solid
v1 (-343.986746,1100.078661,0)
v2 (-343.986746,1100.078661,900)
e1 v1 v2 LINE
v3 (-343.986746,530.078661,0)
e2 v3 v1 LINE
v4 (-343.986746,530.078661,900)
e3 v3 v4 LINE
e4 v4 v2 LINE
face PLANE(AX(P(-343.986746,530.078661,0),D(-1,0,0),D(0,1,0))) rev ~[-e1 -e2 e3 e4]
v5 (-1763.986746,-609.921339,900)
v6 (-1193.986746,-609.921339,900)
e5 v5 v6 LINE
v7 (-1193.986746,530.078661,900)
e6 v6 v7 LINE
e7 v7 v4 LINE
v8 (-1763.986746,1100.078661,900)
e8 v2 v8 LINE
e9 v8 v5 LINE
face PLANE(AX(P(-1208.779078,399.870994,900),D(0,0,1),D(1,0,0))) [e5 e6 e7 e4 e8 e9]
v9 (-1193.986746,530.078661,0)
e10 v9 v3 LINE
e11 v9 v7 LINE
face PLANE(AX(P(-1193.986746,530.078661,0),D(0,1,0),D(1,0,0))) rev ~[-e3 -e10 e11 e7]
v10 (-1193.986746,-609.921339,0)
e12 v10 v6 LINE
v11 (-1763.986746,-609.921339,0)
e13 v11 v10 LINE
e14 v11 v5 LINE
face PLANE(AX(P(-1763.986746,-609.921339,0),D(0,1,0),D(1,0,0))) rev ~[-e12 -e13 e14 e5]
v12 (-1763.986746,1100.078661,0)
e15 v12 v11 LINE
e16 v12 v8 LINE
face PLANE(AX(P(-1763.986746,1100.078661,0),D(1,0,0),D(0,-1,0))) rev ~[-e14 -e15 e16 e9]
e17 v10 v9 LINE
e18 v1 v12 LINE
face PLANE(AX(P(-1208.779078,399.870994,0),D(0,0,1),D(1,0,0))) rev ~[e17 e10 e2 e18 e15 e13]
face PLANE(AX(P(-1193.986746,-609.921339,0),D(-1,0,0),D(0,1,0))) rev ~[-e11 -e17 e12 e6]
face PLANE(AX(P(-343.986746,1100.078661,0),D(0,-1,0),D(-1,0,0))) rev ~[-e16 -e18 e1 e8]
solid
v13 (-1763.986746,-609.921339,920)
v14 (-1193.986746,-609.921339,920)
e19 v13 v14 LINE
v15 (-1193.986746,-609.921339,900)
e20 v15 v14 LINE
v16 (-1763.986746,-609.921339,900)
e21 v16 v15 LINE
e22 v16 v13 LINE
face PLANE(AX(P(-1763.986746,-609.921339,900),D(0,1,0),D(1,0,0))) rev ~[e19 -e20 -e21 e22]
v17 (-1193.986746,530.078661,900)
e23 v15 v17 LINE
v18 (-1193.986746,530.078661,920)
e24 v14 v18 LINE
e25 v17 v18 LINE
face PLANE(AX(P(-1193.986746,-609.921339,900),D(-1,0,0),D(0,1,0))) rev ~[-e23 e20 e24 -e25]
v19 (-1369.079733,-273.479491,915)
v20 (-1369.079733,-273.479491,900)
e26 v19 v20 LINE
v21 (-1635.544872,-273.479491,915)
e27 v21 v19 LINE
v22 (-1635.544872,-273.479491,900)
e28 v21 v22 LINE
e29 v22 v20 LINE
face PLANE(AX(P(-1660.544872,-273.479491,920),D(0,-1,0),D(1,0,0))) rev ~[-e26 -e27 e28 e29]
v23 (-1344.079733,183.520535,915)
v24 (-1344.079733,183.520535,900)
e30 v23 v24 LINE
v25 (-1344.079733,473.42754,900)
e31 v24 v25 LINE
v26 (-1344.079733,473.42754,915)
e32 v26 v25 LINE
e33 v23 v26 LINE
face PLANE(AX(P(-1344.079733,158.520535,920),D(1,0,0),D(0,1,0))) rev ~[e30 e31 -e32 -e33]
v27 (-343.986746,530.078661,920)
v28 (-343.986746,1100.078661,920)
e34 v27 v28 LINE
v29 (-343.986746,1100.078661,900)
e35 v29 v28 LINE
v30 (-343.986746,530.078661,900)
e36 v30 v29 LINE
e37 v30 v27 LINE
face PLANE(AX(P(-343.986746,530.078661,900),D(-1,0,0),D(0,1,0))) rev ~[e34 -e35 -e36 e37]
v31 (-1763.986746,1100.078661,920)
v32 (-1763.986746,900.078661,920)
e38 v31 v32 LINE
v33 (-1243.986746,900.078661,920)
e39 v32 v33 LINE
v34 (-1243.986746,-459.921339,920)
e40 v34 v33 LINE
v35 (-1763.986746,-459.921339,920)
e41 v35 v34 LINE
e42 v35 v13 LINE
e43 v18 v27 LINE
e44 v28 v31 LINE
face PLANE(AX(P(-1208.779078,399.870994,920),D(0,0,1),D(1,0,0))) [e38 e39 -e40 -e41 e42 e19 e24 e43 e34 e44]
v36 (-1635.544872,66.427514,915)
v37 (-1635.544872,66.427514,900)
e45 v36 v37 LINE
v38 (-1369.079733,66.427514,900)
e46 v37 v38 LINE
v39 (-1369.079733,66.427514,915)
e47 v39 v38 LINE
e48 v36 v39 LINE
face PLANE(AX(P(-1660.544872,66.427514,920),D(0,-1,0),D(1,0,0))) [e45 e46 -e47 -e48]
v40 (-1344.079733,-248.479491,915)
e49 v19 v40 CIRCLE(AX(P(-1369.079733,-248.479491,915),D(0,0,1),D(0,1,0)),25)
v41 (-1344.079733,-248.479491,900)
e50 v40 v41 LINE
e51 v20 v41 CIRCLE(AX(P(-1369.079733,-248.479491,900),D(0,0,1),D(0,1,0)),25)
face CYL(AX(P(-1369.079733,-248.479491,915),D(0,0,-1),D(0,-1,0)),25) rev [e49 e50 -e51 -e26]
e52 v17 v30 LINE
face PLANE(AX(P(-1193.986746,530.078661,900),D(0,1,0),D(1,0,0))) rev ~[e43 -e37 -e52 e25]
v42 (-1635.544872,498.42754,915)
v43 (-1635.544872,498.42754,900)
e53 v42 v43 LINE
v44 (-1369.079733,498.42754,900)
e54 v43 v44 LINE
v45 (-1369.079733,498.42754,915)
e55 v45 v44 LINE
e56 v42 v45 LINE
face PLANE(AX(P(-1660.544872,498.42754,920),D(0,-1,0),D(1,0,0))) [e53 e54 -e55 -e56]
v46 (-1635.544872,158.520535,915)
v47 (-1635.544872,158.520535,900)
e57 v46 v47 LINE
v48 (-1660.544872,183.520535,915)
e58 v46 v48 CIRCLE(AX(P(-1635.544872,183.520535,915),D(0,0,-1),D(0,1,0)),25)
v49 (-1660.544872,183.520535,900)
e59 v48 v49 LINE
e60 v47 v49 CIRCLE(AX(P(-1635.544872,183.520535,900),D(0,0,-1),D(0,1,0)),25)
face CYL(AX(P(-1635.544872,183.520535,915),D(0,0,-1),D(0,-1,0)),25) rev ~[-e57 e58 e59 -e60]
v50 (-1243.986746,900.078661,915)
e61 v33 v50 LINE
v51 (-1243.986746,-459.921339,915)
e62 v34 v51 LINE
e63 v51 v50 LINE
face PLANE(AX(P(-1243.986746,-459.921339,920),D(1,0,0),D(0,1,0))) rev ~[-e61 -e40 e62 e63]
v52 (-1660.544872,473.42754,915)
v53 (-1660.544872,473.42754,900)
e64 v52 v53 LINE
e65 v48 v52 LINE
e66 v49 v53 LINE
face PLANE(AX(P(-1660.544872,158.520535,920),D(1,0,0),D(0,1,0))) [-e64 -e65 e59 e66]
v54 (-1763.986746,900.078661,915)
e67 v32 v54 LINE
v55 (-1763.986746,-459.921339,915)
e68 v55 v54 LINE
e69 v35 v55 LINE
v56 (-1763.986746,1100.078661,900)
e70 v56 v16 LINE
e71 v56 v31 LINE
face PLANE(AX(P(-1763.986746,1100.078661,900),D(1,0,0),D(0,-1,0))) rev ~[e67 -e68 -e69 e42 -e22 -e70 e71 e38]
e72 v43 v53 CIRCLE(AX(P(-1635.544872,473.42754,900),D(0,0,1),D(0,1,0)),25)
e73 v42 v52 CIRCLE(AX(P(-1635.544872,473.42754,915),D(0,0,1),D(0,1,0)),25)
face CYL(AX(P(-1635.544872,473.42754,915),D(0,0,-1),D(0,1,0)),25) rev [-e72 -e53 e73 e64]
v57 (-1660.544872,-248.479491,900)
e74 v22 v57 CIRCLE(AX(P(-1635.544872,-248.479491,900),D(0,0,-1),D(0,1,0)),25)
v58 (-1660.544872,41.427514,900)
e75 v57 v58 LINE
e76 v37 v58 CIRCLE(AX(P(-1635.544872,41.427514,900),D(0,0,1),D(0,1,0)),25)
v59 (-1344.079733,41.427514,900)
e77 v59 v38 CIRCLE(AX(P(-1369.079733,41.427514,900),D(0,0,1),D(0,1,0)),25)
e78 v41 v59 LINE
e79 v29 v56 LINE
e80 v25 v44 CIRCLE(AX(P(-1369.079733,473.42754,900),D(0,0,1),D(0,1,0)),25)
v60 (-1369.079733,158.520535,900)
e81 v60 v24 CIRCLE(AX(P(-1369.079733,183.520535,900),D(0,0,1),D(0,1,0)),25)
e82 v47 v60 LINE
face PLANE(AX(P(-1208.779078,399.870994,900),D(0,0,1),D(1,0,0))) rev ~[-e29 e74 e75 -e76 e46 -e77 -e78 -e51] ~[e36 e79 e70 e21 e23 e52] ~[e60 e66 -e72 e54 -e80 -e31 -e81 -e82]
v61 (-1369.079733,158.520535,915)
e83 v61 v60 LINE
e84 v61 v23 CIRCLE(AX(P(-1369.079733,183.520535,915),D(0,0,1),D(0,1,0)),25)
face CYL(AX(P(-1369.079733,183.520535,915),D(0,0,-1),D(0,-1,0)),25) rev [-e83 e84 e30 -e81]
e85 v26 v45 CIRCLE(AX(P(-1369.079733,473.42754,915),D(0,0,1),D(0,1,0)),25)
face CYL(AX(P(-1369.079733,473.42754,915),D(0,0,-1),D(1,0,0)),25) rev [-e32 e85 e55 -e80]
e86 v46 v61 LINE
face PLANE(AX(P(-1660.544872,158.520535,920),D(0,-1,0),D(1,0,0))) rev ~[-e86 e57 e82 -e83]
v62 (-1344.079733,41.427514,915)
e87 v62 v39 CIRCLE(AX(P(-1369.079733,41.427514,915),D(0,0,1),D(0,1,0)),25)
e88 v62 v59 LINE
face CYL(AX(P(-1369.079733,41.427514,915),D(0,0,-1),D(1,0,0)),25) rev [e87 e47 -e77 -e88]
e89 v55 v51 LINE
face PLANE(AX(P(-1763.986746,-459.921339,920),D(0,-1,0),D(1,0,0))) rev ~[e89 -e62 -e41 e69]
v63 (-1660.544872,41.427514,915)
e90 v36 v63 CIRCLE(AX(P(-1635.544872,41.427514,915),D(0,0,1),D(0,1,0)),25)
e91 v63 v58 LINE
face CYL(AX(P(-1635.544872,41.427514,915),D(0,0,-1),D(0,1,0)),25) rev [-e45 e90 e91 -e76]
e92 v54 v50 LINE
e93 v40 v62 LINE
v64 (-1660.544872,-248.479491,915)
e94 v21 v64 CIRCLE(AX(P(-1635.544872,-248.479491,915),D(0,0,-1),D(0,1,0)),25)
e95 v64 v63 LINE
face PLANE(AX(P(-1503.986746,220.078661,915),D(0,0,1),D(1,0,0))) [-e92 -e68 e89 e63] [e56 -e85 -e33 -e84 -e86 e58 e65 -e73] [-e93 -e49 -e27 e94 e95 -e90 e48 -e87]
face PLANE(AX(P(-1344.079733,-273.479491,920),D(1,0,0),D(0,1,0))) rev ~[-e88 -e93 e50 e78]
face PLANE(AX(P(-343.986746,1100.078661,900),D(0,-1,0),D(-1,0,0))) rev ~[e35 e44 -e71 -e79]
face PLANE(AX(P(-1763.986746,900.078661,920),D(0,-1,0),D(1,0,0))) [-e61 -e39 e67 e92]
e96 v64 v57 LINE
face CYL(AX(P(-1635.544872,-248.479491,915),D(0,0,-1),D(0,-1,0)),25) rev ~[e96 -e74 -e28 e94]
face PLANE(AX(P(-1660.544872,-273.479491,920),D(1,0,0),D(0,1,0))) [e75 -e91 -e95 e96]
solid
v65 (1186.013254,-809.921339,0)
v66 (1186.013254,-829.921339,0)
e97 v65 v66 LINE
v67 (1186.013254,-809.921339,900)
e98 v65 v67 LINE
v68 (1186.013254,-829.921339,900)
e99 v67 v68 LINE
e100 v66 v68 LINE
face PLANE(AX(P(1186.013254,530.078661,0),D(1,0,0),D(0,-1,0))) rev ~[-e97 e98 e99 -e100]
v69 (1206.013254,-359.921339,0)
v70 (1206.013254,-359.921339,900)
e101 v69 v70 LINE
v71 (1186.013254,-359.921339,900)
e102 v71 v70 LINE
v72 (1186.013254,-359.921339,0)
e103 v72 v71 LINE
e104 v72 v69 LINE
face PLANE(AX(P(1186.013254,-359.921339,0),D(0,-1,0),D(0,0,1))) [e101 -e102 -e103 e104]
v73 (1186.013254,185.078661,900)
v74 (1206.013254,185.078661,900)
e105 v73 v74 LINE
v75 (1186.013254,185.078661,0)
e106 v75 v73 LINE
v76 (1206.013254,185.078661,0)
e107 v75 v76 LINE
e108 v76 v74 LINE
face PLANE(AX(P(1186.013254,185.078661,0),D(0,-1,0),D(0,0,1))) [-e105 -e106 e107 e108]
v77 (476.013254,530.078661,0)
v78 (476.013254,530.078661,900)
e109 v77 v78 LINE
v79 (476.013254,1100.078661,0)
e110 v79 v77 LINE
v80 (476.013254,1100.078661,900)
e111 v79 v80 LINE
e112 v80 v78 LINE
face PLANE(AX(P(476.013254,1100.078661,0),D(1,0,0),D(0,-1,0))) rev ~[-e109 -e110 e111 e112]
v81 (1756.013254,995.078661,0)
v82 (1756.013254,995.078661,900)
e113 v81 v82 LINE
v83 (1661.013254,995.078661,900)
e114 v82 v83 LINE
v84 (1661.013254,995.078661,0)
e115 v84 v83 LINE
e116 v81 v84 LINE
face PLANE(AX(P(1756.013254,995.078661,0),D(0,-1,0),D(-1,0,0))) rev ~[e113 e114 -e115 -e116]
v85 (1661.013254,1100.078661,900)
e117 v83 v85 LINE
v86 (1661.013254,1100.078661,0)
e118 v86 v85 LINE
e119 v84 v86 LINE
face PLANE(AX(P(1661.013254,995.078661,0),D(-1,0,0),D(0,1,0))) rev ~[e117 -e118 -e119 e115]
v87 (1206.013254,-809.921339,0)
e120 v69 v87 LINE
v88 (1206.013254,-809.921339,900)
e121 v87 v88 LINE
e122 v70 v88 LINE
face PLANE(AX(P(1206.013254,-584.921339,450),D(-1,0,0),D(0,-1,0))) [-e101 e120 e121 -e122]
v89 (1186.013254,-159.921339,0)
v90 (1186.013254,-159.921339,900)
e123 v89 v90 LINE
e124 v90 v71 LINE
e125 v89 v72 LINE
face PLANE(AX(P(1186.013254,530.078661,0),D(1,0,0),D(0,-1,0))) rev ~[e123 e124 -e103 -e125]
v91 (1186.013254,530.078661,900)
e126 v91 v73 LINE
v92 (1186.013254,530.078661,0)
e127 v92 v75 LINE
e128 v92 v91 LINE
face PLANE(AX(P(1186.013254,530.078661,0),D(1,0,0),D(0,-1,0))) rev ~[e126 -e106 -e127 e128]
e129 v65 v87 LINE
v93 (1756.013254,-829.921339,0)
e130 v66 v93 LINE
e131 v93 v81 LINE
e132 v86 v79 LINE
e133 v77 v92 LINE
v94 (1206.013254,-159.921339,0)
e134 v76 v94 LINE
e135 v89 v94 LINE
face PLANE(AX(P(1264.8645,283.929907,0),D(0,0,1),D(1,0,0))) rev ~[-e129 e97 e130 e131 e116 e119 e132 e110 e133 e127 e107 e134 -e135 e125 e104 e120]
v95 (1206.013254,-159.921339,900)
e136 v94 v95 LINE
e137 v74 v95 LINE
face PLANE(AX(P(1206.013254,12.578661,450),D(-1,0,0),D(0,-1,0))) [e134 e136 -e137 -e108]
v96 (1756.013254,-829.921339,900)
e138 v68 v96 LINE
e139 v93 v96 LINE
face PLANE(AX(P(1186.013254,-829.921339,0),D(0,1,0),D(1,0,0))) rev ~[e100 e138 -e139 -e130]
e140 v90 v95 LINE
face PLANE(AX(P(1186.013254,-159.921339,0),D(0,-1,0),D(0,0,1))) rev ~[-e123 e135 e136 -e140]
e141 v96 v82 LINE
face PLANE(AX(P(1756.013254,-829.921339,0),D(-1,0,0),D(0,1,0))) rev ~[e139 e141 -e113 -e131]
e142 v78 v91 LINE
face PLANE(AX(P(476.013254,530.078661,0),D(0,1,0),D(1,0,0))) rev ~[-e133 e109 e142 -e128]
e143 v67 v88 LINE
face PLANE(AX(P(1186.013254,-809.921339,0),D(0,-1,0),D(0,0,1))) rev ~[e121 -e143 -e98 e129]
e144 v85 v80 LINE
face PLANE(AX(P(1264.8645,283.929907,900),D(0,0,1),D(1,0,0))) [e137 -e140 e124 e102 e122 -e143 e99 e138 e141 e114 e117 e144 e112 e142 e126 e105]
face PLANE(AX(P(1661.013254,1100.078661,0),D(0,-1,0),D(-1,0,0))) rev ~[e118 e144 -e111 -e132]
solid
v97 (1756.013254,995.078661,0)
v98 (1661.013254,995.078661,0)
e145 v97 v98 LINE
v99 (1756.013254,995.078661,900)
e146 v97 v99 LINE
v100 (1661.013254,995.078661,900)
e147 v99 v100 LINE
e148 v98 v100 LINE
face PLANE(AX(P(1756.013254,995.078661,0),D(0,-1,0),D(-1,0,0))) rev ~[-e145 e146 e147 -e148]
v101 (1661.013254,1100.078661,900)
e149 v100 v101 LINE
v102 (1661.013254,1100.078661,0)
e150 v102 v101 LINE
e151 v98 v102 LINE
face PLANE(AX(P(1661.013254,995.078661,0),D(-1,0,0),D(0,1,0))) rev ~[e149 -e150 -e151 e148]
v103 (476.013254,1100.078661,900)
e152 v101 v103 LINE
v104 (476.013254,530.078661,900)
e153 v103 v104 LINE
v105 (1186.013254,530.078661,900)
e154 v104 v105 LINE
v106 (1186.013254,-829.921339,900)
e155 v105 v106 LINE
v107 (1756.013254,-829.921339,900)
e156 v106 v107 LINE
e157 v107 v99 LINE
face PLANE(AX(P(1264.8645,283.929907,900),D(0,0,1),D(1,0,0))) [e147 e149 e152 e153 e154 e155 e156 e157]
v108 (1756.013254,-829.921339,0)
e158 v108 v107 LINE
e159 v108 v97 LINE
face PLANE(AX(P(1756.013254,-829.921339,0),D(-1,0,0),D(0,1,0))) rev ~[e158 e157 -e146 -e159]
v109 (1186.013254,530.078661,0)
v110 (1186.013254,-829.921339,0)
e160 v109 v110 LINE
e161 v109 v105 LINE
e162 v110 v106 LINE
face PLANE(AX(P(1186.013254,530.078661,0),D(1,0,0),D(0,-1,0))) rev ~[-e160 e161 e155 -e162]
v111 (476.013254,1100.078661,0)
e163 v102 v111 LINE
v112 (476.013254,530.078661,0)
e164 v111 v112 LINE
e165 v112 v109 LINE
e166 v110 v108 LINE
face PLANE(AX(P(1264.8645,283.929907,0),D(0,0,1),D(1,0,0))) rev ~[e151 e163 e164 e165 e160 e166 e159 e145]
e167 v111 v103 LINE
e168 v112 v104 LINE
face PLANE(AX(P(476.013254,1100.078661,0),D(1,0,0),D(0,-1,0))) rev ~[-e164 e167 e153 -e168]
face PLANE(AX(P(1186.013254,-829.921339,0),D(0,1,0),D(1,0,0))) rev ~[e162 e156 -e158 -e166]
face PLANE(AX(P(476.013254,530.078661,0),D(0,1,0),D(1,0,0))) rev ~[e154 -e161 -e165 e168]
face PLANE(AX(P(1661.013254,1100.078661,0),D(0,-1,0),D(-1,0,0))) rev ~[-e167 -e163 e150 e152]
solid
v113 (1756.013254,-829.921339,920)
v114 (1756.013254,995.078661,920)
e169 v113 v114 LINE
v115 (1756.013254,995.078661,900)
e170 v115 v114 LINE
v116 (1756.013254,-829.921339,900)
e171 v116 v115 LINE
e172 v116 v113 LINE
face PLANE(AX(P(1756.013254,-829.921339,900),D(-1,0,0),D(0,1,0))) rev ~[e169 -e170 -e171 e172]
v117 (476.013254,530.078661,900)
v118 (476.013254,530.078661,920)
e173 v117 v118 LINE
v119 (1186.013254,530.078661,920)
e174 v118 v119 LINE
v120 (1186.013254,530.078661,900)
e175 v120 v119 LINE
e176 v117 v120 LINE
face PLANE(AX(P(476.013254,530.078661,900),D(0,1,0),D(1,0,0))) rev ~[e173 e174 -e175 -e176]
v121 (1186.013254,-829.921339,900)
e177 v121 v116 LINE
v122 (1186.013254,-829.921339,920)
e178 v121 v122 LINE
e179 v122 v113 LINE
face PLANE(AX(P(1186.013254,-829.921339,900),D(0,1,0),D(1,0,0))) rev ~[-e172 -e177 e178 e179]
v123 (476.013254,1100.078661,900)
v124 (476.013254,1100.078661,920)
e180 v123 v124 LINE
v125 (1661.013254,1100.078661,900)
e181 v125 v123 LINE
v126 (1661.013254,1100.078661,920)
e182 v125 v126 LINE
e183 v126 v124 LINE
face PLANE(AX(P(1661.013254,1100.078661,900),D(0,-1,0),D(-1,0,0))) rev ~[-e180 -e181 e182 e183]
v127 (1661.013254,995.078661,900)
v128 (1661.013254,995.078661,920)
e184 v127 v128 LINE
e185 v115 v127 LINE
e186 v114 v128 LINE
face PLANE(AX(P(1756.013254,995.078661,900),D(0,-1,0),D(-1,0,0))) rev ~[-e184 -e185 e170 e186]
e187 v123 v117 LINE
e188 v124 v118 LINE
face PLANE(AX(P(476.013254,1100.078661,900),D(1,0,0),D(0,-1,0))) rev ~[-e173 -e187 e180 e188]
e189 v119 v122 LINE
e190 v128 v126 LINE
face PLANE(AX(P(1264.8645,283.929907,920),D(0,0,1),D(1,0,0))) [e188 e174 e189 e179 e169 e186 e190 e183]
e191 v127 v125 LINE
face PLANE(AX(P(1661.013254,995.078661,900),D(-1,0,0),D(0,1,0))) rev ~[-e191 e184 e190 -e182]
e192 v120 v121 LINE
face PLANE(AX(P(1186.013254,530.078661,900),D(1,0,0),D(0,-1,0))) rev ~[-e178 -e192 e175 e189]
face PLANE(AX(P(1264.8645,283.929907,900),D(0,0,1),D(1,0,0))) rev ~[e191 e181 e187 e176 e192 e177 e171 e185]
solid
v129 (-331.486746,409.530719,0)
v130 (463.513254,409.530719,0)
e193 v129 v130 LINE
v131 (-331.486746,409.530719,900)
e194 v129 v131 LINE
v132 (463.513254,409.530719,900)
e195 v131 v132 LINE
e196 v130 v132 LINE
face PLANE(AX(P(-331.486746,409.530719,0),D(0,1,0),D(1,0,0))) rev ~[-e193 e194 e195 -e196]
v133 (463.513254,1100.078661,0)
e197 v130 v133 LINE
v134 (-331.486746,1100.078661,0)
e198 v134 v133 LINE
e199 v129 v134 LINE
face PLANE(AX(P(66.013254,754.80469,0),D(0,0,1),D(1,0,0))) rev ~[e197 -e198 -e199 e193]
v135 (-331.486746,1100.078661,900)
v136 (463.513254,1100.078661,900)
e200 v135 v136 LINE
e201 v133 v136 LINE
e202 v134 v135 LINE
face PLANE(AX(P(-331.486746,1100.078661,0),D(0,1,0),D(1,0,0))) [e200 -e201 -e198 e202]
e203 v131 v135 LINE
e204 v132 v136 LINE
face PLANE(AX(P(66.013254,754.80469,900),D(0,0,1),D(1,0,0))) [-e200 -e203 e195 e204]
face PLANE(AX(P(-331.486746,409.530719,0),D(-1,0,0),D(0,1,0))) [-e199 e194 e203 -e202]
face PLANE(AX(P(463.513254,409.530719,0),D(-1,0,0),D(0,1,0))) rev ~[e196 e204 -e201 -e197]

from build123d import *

# Parameters (mm, degrees)
F1_DEPTH  = 900
F2_DEPTH  = 900
F0_W      = 795
F0_H      = 690.5479426876
F3_DEPTH  = 20
F4_W      = 316.465139389
F4_H      = 339.9070054293
F5_DEPTH  = 20
F4_W_2    = 520
F4_H_2    = 1360
F6_DEPTH  = 5
F7_R      = 25
F8_DEPTH  = 900.001
F9_W      = 450
F9_H      = 900
F9_W_2    = 345
F10_DEPTH = 20


with BuildPart() as f1:
    # F0 (on Top) → F1 (new body)
    with BuildSketch(Plane.XY):
        Polygon((-1763.9867460728, 1100.0786612551), (-1763.9867460728, -609.9213387449), (-1193.9867460728, -609.9213387449), (-1193.9867460728, 530.0786612551), (-343.9867460728, 530.0786612551), (-343.9867460728, 1100.0786612551), align=None)
    extrude(amount=F1_DEPTH)


with BuildPart() as f1b:
    # F0 (on Top) → F1, piece 2 (new body)
    with BuildSketch(Plane.XY):
        Polygon((1661.0132539272, 1100.0786612551), (476.0132539272, 1100.0786612551), (476.0132539272, 530.0786612551), (1186.0132539272, 530.0786612551), (1186.0132539272, -829.9213387449), (1756.0132539272, -829.9213387449), (1756.0132539272, 995.0786612551), (1661.0132539272, 995.0786612551), align=None)
    extrude(amount=F1_DEPTH)


with BuildPart() as f2:
    # F0 (on Top) → F2 (new body)
    with BuildSketch(Plane.XY):
        Polygon((-1763.9867460728, 1100.0786612551), (-1763.9867460728, -609.9213387449), (-1193.9867460728, -609.9213387449), (-1193.9867460728, 530.0786612551), (-343.9867460728, 530.0786612551), (-343.9867460728, 1100.0786612551), align=None)
    extrude(amount=F2_DEPTH)

    # F8 (cut, through all): a face of the model
    f8_faces = [f2.faces().sort_by_distance(p)[0] for p in [
        (-1243.2445585728, 434.3364737551, 900),
    ]]
    extrude(f8_faces, amount=-F8_DEPTH, mode=Mode.SUBTRACT)


with BuildPart() as f2b:
    # F0 (on Top) → F2, piece 2 (new body)
    with BuildSketch(Plane.XY):
        Polygon((1661.0132539272, 1100.0786612551), (476.0132539272, 1100.0786612551), (476.0132539272, 530.0786612551), (1186.0132539272, 530.0786612551), (1186.0132539272, -829.9213387449), (1756.0132539272, -829.9213387449), (1756.0132539272, 995.0786612551), (1661.0132539272, 995.0786612551), align=None)
    extrude(amount=F2_DEPTH)

    # F9 (on face) → F10 (cut)
    with BuildSketch(Plane(origin=(1186.0132539272, 0, 0), x_dir=(0, -1, 0), z_dir=(-1, 0, 0))):
        with Locations((584.9213387449, 450)):
            Rectangle(F9_W, F9_H)
        with Locations((-12.5786612551, 450)):
            Rectangle(F9_W_2, F9_H)
    extrude(amount=-F10_DEPTH, mode=Mode.SUBTRACT)


with BuildPart() as f2c:
    # F0 (on Top) → F2, piece 3 (new body)
    with BuildSketch(Plane.XY):
        with Locations((66.0132539272, 754.8046899113)):
            Rectangle(F0_W, F0_H)
    extrude(amount=F2_DEPTH)


with BuildPart() as f3:
    # F3 (new): a face of the model
    f3_faces = [f1.part.faces().sort_by_distance(p)[0] for p in [
        (-1243.2445585728, 434.3364737551, 900),
    ]]
    extrude(f3_faces, amount=F3_DEPTH)

    # F4 (on face) → F5 (cut, through all)
    with BuildSketch(Plane.XY.offset(920)):
        with Locations((-1502.3123025894, -103.5259887576)):
            Rectangle(F4_W, F4_H)
        with Locations((-1502.3123025894, 328.4740373492)):
            Rectangle(F4_W, F4_H)
    extrude(amount=-F5_DEPTH, mode=Mode.SUBTRACT)

    # F4 (on face) → F6 (cut)
    with BuildSketch(Plane.XY.offset(920)):
        with Locations((-1503.9867460728, 220.0786612551)):
            Rectangle(F4_W_2, F4_H_2)
        with Locations((-1502.3123025894, -103.5259887576)):
            Rectangle(F4_W, F4_H, mode=Mode.SUBTRACT)
        with Locations((-1502.3123025894, 328.4740373492)):
            Rectangle(F4_W, F4_H, mode=Mode.SUBTRACT)
    extrude(amount=-F6_DEPTH, mode=Mode.SUBTRACT)

    # F7
    f7_edges = [f3.edges().sort_by_distance(p)[0] for p in [
        (-1344.079733, 158.520535, 907.5),
        (-1344.079733, -273.479491, 907.5),
        (-1660.544872, -273.479491, 907.5),
        (-1660.544872, 158.520535, 907.5),
        (-1660.544872, 66.427514, 907.5),
        (-1660.544872, 498.42754, 907.5),
        (-1344.079733, 498.42754, 907.5),
        (-1344.079733, 66.427514, 907.5),
    ]]
    fillet(f7_edges, radius=F7_R)


with BuildPart() as f3b:
    # F3#2 (new): a face of the model
    f3_2_faces = [f1b.part.faces().sort_by_distance(p)[0] for p in [
        (1296.1586304763, 313.088670788, 900),
    ]]
    extrude(f3_2_faces, amount=F3_DEPTH)


solid = Compound([f1.part, f1b.part, f2b.part, f2c.part, f3.part, f3b.part])
